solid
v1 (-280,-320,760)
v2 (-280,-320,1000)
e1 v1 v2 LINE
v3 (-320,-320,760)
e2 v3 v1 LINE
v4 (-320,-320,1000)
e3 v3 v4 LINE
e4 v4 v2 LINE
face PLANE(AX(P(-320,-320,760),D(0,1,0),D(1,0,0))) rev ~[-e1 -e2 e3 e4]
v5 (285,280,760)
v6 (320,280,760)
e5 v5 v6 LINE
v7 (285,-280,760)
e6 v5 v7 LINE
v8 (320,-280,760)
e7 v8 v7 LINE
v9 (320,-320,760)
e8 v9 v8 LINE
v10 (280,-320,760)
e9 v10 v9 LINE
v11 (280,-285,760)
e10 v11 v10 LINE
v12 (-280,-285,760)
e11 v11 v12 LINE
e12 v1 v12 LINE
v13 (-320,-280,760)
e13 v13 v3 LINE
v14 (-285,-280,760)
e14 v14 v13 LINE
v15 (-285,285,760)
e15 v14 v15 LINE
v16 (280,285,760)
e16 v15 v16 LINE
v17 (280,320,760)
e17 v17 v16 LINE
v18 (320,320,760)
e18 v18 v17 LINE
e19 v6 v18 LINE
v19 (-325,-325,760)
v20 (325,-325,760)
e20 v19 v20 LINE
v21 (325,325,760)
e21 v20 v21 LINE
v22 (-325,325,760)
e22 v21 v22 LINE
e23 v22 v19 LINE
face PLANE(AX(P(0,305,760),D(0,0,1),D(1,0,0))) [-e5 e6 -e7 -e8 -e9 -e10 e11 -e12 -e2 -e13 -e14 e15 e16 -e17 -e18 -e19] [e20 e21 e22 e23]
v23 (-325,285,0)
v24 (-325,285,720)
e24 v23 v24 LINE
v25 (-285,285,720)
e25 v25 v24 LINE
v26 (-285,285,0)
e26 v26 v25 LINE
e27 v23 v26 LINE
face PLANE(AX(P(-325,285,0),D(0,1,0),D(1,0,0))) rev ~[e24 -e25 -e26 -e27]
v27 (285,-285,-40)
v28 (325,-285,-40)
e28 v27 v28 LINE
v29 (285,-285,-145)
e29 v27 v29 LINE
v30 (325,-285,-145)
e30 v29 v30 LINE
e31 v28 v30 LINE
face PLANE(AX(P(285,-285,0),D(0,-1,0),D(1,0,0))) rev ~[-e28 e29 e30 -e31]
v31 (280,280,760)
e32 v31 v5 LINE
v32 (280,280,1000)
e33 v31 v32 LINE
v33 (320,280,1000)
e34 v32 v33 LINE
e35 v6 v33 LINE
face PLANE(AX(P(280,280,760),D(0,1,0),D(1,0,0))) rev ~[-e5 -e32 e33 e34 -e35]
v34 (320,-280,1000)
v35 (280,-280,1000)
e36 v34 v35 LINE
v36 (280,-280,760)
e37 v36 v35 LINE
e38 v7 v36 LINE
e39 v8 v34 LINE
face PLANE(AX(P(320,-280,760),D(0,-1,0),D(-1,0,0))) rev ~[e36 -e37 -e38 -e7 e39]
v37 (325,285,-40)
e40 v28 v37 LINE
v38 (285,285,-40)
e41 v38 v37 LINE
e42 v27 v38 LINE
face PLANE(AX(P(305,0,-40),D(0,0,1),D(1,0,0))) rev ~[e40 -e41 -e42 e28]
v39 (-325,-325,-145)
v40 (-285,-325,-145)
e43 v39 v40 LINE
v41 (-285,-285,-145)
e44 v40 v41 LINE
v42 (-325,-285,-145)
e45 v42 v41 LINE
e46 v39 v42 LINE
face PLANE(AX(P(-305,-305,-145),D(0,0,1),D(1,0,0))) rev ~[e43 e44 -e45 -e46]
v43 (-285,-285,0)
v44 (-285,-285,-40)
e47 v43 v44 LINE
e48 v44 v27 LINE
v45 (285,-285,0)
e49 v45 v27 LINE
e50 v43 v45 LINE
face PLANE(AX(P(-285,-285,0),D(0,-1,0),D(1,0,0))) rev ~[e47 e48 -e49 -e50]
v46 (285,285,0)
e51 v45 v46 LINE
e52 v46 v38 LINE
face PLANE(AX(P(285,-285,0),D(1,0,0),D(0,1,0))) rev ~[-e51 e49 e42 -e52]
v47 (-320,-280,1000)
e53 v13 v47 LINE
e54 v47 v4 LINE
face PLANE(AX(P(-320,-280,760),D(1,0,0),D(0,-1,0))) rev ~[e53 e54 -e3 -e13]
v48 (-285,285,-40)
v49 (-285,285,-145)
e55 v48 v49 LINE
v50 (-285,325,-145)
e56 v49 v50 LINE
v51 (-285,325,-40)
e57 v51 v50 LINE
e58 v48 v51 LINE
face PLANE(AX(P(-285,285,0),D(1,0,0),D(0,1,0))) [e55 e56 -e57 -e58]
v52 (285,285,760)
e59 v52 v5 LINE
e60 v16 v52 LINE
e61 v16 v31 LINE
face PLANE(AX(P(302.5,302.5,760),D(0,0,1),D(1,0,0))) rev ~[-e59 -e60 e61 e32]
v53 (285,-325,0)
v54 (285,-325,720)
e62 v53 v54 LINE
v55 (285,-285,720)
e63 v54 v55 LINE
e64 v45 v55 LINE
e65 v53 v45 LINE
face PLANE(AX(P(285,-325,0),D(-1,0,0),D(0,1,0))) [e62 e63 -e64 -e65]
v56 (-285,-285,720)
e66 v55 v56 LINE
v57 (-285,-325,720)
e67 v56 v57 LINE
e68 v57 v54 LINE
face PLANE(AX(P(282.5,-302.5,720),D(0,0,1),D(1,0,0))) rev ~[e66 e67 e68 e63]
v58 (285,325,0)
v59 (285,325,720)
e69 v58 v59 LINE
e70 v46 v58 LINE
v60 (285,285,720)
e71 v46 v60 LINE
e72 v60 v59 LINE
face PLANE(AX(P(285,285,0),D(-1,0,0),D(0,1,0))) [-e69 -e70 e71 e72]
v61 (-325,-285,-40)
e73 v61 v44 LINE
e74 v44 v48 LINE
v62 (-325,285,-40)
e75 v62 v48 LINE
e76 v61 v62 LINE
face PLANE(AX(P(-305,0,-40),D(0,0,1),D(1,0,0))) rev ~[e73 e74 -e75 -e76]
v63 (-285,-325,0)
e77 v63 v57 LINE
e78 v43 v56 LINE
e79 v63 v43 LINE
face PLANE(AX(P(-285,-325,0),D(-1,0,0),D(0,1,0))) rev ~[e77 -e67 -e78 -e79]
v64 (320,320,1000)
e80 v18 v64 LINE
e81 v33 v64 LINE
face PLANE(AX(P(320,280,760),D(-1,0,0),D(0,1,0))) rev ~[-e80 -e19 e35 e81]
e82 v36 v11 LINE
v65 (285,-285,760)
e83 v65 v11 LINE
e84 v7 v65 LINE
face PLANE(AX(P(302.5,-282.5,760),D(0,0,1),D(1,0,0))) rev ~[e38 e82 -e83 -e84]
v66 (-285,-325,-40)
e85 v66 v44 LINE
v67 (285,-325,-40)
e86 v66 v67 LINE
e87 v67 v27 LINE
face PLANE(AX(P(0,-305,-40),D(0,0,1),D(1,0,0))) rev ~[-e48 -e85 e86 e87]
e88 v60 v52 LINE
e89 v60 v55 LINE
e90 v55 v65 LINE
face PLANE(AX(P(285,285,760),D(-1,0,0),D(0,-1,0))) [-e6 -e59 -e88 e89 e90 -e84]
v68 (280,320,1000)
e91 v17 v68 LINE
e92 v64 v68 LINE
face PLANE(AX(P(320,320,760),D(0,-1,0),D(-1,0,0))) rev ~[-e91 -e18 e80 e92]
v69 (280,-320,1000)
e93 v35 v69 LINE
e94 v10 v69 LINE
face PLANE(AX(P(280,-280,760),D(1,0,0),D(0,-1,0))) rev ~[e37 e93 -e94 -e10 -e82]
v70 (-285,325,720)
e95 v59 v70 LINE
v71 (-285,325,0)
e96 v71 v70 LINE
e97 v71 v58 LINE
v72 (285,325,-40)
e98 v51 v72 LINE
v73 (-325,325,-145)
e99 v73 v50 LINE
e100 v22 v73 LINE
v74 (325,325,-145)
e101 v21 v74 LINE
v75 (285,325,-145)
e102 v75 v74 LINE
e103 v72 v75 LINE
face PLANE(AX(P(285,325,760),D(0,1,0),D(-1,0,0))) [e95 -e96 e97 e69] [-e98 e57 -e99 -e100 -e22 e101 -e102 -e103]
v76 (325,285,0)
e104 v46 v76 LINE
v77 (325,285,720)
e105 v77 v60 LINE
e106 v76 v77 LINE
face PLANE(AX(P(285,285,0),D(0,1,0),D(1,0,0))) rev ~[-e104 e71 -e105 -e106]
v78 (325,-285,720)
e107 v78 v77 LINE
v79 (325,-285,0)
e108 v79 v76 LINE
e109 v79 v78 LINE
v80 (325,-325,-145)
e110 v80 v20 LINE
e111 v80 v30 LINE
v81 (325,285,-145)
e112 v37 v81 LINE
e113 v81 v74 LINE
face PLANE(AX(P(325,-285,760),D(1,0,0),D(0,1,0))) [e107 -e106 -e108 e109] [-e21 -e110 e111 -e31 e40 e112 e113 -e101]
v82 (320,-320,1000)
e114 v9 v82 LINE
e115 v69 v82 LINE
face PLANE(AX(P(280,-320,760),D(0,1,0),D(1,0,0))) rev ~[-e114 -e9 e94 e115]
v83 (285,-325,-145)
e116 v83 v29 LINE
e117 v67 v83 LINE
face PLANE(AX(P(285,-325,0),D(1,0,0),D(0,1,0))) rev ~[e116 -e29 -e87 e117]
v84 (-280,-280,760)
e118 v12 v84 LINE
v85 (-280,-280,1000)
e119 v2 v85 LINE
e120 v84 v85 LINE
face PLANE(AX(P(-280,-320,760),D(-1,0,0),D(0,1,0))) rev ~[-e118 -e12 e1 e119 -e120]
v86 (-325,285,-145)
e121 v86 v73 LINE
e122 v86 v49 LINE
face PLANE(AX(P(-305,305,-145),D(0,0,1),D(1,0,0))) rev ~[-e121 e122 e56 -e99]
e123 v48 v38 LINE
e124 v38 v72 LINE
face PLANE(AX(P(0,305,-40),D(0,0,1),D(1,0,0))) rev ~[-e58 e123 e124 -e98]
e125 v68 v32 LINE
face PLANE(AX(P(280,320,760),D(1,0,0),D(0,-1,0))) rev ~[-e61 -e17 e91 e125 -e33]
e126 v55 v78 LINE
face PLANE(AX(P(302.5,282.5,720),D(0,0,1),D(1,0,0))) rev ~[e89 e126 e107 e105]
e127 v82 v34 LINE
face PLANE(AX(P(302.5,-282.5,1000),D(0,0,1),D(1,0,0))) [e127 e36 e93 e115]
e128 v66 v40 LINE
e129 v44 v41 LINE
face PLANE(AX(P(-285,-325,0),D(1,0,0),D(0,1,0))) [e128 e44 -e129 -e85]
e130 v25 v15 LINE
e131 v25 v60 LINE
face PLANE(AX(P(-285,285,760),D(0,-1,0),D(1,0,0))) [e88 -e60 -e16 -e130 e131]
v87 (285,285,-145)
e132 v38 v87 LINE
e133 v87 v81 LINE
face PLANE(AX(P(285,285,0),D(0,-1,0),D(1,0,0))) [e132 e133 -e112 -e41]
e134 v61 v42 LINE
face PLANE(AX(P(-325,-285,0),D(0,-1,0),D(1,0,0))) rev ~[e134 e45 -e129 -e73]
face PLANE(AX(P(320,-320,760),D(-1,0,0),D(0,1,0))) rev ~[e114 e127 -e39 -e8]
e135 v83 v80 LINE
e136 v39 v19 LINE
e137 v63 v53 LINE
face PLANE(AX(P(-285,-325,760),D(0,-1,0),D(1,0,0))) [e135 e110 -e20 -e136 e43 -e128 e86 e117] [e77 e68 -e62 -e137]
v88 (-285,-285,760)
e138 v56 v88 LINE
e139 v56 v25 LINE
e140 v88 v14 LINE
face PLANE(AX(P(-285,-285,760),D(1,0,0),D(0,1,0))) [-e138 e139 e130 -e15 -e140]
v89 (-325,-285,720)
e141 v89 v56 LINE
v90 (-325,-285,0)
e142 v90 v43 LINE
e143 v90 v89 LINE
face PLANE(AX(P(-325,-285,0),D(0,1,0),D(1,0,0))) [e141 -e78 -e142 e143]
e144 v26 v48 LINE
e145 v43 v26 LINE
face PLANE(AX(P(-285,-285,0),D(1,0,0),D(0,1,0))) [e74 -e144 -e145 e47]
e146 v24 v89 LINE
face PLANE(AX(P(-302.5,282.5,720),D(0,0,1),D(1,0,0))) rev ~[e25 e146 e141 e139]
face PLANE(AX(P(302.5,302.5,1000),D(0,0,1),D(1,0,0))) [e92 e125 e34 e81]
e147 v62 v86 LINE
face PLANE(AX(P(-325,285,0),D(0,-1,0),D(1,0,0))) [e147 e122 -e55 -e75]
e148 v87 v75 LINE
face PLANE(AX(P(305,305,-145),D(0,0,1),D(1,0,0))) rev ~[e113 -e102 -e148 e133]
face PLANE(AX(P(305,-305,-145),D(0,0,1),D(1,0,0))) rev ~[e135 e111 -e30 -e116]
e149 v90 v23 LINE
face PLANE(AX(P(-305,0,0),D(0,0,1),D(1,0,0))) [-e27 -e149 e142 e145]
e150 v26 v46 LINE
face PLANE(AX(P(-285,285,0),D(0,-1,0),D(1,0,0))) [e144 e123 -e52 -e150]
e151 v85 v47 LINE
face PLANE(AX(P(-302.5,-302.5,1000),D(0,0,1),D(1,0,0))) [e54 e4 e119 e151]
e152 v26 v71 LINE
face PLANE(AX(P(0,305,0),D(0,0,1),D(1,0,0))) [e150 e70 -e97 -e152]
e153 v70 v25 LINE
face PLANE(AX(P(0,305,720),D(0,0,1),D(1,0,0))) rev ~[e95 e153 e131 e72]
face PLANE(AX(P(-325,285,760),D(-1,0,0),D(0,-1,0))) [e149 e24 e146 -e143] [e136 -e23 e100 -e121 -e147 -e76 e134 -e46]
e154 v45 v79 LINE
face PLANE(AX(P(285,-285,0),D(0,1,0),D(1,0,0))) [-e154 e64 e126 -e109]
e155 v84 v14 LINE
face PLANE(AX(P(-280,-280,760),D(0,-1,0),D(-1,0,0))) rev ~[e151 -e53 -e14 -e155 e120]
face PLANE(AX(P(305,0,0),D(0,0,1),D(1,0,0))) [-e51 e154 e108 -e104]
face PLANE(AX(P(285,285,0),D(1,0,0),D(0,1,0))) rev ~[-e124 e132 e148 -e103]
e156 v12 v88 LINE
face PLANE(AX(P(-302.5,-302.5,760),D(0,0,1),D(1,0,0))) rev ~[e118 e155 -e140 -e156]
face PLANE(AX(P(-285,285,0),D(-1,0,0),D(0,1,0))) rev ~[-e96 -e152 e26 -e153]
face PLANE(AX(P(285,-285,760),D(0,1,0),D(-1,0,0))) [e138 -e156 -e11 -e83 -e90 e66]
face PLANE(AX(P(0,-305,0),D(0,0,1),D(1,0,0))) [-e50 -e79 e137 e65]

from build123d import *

# Parameters (mm, degrees)
F0_W          = 570
F0_H          = 40
F1_DEPTH      = 40
F0_W_2        = 40
F0_H_2        = 570
F2_DEPTH      = 760
F2_DEPTH_BACK = 145
F3_W          = 5
F3_H          = 35
F3_H_2        = 5
F3_W_2        = 35
F4_DEPTH      = 40
F5_DEPTH      = 240


with BuildPart() as f1:
    # F0 (on Top) → F1 (new body)
    with BuildSketch(Plane.XY):
        with Locations((0, 305)):
            Rectangle(F0_W, F0_H)
    extrude(amount=-F1_DEPTH)



with BuildPart() as f1b:
    # F0 (on Top) → F1, piece 2 (new body)
    with BuildSketch(Plane.XY):
        with Locations((-305, 0)):
            Rectangle(F0_W_2, F0_H_2)
    extrude(amount=-F1_DEPTH)


with BuildPart() as f1c:
    # F0 (on Top) → F1, piece 3 (new body)
    with BuildSketch(Plane.XY):
        with Locations((305, 0)):
            Rectangle(F0_W_2, F0_H_2)
    extrude(amount=-F1_DEPTH)


with BuildPart() as f1d:
    # F0 (on Top) → F1, piece 4 (new body)
    with BuildSketch(Plane.XY):
        with Locations((0, -305)):
            Rectangle(F0_W, F0_H)
    extrude(amount=-F1_DEPTH)


with BuildPart() as f1_1:
    add(f1.part)

    add(f1b.part)  # F2 merges F1b

    add(f1c.part)  # F2 merges F1c

    add(f1d.part)  # F2 merges F1d
    # F0 (on Top) → F2 (join, two sides)
    with BuildSketch(Plane.XY) as f2_sk:
        with Locations((-305, 305)):
            Rectangle(F0_W_2, F0_H)
        with Locations((305, 305)):
            Rectangle(F0_W_2, F0_H)
        with Locations((305, -305)):
            Rectangle(F0_W_2, F0_H)
        with Locations((-305, -305)):
            Rectangle(F0_W_2, F0_H)
    extrude(amount=F2_DEPTH)
    extrude(f2_sk.sketch, amount=-F2_DEPTH_BACK)

    # F3 (on face) → F4 (join)
    with BuildSketch(Plane.XY.offset(760)):
        Polygon((280, 320), (280, 325), (-280, 325), (-280, 320), (-280, 285), (280, 285), align=None)
        with Locations((-282.5, 302.5)):
            Rectangle(F3_W, F3_H)
        with Locations((-282.5, 322.5)):
            Rectangle(F3_W, F3_H_2)
        with Locations((-302.5, 282.5)):
            Rectangle(F3_W_2, F3_H_2)
        with Locations((-322.5, 282.5)):
            Rectangle(F3_W, F3_H_2)
        Polygon((-285, -280), (-285, 280), (-320, 280), (-325, 280), (-325, -280), (-320, -280), align=None)
        with Locations((282.5, 302.5)):
            Rectangle(F3_W, F3_H)
        with Locations((282.5, 322.5)):
            Rectangle(F3_W, F3_H_2)
        with Locations((302.5, 282.5)):
            Rectangle(F3_W_2, F3_H_2)
        with Locations((322.5, 282.5)):
            Rectangle(F3_W, F3_H_2)
        Polygon((325, -280), (325, 280), (320, 280), (285, 280), (285, -280), (320, -280), align=None)
        with Locations((302.5, -282.5)):
            Rectangle(F3_W_2, F3_H_2)
        with Locations((322.5, -282.5)):
            Rectangle(F3_W, F3_H_2)
        with Locations((282.5, -302.5)):
            Rectangle(F3_W, F3_H)
        with Locations((282.5, -322.5)):
            Rectangle(F3_W, F3_H_2)
        Polygon((280, -320), (280, -285), (-280, -285), (-280, -320), (-280, -325), (280, -325), align=None)
        with Locations((-282.5, -302.5)):
            Rectangle(F3_W, F3_H)
        with Locations((-282.5, -322.5)):
            Rectangle(F3_W, F3_H_2)
        with Locations((-302.5, -282.5)):
            Rectangle(F3_W_2, F3_H_2)
        with Locations((-322.5, -282.5)):
            Rectangle(F3_W, F3_H_2)
    extrude(amount=-F4_DEPTH)

    # F3 (on face) → F5 (join)
    with BuildSketch(Plane.XY.offset(760)):
        with Locations((302.5, -282.5)):
            Rectangle(F3_W_2, F3_H_2)
        with Locations((302.5, -302.5)):
            Rectangle(F3_W_2, F3_H)
        with Locations((282.5, -302.5)):
            Rectangle(F3_W, F3_H)
        with Locations((282.5, -282.5)):
            Rectangle(F3_W, F3_H_2)
        with Locations((302.5, 302.5)):
            Rectangle(F3_W_2, F3_H)
        with Locations((302.5, 282.5)):
            Rectangle(F3_W_2, F3_H_2)
        with Locations((282.5, 282.5)):
            Rectangle(F3_W, F3_H_2)
        with Locations((282.5, 302.5)):
            Rectangle(F3_W, F3_H)
        with Locations((-302.5, -302.5)):
            Rectangle(F3_W_2, F3_H)
        with Locations((-302.5, -282.5)):
            Rectangle(F3_W_2, F3_H_2)
        with Locations((-282.5, -282.5)):
            Rectangle(F3_W, F3_H_2)
        with Locations((-282.5, -302.5)):
            Rectangle(F3_W, F3_H)
    extrude(amount=F5_DEPTH)


solid = f1_1.part
